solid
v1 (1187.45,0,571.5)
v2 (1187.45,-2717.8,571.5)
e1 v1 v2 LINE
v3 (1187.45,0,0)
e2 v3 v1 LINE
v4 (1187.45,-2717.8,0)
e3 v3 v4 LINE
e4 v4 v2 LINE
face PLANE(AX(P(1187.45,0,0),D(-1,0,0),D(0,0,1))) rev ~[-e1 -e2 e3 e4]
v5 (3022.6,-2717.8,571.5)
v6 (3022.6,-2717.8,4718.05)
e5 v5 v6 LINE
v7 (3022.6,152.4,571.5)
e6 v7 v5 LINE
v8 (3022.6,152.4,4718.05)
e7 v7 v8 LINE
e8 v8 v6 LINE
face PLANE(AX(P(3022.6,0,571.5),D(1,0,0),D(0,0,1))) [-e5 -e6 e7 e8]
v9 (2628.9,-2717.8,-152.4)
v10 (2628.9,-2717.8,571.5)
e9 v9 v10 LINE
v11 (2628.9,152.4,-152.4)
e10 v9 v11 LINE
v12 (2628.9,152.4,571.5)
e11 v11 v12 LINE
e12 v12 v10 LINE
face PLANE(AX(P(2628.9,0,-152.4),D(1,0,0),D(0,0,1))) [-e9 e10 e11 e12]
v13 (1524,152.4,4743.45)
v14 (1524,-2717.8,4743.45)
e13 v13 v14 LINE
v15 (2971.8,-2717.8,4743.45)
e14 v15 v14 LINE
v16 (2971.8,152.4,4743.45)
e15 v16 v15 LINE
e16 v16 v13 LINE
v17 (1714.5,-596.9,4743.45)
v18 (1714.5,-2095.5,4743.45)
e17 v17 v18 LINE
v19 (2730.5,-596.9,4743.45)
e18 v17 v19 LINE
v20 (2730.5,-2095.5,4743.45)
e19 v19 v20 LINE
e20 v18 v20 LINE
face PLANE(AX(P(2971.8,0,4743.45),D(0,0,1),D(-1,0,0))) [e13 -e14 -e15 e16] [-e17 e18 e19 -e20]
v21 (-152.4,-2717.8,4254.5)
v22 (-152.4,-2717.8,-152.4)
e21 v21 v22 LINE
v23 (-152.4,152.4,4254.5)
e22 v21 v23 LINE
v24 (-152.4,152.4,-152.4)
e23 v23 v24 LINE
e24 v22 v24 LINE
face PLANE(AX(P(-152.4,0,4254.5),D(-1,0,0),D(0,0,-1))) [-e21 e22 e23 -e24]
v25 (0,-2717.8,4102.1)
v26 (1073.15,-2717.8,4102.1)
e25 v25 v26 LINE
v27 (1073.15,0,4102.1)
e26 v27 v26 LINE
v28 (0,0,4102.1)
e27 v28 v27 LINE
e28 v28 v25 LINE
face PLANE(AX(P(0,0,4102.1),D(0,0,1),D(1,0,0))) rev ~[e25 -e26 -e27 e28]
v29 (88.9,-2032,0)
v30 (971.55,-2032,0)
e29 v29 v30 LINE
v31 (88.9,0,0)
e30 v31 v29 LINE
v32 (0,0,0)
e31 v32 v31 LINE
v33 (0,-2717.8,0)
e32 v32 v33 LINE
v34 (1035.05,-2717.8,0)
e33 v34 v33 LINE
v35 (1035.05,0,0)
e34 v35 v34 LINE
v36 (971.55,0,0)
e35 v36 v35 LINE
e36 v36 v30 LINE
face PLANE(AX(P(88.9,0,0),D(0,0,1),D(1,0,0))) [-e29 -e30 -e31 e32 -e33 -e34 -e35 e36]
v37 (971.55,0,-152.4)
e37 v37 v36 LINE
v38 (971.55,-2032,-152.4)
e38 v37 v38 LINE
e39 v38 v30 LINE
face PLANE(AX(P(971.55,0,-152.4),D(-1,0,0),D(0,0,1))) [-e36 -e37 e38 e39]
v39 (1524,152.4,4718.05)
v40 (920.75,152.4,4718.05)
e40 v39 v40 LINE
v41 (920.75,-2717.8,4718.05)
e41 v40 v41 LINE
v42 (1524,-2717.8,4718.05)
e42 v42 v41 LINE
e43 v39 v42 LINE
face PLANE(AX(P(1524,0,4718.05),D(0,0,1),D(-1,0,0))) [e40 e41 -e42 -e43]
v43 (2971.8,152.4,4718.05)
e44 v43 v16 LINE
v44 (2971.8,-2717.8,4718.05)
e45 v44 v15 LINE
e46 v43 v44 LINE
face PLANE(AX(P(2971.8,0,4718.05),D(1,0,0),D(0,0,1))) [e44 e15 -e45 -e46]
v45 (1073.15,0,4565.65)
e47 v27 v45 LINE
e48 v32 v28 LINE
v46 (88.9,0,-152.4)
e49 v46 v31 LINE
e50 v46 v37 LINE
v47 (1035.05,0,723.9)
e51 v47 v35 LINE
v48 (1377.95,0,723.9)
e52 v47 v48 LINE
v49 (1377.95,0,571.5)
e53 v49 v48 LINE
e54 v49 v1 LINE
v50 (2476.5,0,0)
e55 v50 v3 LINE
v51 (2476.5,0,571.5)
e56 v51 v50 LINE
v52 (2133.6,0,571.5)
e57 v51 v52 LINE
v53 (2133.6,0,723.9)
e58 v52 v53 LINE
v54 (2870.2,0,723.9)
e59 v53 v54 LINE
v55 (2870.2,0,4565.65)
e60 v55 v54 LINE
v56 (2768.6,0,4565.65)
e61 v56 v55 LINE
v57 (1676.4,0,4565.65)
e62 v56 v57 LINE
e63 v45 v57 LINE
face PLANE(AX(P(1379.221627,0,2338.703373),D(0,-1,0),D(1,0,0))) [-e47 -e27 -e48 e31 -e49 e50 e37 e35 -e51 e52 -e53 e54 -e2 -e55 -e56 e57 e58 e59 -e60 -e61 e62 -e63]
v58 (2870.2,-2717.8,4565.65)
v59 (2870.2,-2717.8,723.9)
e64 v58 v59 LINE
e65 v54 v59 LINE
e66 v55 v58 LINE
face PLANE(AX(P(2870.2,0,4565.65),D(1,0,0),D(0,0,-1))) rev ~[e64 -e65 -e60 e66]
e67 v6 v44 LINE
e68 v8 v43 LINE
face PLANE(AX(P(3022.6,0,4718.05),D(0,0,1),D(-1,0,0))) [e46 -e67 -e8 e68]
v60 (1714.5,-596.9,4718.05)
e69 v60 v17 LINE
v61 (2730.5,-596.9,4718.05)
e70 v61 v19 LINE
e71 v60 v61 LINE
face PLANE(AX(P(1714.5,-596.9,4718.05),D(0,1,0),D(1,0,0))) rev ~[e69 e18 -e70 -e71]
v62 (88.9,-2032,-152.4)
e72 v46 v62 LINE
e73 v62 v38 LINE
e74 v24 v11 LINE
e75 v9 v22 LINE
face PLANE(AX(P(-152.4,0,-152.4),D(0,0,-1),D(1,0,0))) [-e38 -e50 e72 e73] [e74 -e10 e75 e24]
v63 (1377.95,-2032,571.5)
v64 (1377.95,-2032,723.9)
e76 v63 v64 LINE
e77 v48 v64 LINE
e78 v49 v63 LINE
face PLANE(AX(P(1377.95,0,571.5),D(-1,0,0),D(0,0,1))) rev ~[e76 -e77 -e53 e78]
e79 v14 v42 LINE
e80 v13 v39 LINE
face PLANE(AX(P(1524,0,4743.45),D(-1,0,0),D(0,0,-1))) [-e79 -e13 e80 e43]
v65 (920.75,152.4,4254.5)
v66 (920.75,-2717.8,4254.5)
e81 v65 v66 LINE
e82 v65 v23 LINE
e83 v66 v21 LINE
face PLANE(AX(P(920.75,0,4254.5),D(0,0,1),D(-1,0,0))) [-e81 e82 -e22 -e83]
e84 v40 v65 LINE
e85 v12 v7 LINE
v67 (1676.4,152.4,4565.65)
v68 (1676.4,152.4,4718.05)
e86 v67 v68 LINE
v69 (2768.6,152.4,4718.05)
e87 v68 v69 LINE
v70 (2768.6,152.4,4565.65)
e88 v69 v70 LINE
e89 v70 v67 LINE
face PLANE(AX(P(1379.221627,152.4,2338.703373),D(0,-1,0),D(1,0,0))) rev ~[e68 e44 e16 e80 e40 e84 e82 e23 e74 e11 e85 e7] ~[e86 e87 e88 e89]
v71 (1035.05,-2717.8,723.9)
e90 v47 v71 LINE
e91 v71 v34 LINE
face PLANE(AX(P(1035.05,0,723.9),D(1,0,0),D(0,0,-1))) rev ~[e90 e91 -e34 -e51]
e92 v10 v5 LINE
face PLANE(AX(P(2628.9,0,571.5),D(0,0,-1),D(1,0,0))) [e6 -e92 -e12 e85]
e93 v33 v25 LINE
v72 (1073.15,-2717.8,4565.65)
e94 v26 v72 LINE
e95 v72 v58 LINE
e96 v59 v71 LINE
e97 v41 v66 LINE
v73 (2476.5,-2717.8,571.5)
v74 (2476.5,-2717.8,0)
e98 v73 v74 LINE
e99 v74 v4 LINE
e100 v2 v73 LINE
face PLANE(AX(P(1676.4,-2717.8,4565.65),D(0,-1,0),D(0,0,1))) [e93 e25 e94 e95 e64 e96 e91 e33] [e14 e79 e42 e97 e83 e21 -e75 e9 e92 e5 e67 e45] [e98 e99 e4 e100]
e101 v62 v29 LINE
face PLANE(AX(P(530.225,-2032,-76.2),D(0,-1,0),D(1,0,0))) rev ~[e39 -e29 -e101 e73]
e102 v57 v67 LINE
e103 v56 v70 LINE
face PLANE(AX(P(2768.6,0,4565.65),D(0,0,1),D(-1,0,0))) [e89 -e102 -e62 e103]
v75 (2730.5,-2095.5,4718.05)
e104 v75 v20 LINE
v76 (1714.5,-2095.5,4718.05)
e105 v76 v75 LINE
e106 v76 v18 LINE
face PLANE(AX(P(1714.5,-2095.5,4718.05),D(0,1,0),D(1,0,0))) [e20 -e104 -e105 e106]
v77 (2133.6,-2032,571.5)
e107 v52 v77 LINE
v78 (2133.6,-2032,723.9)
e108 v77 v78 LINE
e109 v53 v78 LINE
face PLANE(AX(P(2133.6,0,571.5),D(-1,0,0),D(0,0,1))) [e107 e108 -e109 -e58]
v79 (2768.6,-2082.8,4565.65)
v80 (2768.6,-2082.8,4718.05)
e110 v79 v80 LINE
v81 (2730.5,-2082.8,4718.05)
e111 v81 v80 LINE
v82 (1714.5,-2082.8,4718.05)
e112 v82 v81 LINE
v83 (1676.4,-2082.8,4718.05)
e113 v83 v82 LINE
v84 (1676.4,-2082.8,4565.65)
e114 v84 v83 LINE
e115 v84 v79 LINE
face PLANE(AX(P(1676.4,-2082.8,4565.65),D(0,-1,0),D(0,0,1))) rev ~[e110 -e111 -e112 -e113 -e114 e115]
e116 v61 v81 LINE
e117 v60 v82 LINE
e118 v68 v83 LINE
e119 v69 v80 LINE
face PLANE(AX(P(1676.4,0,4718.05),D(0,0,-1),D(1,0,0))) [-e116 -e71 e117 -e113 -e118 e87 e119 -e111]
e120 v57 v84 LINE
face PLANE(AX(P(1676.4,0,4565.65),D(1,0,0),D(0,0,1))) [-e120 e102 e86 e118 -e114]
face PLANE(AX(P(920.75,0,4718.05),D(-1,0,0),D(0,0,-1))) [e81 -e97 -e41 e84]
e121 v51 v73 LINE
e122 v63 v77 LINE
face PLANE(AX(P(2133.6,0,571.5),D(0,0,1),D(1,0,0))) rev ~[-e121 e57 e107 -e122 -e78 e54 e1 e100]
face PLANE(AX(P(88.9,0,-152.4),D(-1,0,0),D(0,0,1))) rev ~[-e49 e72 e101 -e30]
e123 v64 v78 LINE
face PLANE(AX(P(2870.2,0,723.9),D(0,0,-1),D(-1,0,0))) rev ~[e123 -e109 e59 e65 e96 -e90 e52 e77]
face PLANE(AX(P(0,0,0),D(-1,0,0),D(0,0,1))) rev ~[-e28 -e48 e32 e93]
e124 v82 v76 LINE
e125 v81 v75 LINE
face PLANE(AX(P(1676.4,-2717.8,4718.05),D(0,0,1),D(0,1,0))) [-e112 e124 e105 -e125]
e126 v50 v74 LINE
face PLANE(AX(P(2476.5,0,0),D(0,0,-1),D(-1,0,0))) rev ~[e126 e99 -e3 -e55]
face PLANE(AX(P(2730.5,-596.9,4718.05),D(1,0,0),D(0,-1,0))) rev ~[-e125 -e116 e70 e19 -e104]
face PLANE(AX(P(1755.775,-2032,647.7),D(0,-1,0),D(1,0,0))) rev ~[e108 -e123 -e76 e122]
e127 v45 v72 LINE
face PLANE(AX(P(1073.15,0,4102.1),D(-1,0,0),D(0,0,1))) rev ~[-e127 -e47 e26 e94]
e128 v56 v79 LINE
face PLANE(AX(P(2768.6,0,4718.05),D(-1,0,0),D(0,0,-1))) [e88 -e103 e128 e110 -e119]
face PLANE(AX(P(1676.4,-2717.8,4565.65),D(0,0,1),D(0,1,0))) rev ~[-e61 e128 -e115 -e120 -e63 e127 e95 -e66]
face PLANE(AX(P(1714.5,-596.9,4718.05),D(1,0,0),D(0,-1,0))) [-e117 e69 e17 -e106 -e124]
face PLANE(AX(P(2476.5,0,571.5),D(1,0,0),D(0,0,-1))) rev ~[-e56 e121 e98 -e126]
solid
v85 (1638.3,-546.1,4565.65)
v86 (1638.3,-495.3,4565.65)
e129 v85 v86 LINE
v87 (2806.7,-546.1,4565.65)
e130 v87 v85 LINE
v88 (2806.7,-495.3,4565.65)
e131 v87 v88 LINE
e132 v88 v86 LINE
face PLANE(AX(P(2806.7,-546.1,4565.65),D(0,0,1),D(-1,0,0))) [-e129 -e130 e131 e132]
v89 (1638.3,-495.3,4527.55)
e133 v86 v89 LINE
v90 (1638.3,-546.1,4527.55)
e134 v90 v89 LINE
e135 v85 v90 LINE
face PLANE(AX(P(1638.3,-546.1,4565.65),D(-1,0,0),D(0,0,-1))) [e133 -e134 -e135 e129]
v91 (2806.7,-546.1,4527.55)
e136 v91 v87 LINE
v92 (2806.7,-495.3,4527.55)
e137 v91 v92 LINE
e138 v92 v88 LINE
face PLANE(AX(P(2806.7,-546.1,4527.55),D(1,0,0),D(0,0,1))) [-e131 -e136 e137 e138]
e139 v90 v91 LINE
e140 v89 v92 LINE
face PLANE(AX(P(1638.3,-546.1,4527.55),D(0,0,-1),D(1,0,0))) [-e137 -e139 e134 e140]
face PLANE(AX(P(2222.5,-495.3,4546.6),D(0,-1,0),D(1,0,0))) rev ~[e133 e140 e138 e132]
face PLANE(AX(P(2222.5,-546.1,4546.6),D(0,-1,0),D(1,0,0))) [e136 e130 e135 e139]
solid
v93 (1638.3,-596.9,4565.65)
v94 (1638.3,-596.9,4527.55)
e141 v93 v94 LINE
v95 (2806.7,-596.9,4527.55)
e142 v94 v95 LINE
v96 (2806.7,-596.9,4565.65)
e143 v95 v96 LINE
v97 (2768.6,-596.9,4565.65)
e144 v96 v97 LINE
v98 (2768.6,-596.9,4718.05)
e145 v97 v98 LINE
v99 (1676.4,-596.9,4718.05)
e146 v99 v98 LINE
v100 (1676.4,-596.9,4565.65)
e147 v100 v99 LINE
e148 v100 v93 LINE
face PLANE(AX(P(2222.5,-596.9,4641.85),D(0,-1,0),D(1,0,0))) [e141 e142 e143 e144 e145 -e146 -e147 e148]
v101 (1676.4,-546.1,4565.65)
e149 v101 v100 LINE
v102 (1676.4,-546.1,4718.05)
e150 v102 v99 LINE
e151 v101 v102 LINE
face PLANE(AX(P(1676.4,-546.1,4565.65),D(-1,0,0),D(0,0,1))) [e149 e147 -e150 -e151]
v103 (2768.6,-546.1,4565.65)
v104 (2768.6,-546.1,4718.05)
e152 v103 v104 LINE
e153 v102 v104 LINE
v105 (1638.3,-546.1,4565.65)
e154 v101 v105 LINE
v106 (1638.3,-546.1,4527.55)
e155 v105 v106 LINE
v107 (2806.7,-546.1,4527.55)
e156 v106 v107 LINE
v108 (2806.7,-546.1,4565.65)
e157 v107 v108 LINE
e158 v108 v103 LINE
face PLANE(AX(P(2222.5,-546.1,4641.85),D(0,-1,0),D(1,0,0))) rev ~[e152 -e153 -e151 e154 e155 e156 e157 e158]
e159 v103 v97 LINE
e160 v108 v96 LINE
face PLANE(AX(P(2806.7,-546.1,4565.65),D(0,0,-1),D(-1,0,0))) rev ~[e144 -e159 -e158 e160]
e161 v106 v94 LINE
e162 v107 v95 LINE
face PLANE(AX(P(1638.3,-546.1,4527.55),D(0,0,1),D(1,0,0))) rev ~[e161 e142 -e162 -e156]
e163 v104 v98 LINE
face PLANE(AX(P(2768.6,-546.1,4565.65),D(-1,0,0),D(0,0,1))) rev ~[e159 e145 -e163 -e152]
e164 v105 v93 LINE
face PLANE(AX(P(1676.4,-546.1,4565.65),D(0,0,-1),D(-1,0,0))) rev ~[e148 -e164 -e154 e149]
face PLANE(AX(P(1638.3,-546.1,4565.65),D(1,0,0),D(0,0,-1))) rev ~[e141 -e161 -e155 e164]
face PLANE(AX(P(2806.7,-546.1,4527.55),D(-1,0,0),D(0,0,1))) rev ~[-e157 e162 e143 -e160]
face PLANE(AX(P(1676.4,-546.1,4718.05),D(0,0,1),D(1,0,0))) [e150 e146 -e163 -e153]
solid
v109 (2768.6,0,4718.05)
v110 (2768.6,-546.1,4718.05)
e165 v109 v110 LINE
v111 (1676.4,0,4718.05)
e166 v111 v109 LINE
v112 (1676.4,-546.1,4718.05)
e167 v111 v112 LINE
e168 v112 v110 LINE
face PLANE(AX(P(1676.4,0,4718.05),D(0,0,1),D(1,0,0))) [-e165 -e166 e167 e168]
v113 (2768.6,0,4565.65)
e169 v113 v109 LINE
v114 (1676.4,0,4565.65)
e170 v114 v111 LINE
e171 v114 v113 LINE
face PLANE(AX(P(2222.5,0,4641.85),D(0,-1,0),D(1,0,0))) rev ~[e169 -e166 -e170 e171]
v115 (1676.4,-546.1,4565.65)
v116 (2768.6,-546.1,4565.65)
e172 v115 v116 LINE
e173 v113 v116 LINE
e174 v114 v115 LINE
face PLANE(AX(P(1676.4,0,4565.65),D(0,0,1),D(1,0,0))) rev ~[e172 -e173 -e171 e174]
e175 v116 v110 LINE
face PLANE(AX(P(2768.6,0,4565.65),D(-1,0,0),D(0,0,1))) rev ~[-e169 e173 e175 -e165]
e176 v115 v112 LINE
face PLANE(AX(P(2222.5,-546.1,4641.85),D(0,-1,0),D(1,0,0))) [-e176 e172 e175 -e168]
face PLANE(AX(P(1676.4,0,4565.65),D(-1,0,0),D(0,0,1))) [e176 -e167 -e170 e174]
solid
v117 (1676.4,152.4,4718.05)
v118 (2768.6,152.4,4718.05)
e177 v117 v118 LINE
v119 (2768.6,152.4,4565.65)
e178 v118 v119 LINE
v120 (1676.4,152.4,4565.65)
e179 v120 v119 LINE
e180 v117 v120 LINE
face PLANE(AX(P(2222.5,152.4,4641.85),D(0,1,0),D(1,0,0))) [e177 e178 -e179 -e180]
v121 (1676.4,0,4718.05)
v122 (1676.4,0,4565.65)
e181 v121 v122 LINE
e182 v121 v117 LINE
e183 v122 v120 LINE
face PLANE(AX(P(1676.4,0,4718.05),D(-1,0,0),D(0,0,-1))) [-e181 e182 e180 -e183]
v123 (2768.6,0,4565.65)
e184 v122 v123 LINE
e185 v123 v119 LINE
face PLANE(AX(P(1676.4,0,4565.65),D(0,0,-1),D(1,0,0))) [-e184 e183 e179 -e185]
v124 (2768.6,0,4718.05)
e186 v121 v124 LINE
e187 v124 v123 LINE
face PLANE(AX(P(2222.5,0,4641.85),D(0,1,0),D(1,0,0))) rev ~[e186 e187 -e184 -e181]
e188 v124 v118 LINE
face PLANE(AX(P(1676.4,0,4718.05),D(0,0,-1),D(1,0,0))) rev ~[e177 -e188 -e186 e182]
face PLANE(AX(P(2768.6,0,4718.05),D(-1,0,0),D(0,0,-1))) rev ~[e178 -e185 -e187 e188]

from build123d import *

# Parameters (mm, degrees)
F0_W      = 38.1
F0_H      = 152.4
F1_DEPTH  = 2717.8
F0_W_2    = 882.65
F0_W_3    = 755.65
F2_DEPTH  = 2717.8
F3_DEPTH  = 2032
F4_DEPTH  = 152.4
F0_W_4    = 1092.2
F5_DEPTH  = 546.1
F5_FACE_W = 1092.2
F5_FACE_H = 152.4
F6_DEPTH  = 152.4
F7_W      = 1016
F7_H      = 1498.6
F8_DEPTH  = 25.4
F9_W      = 1092.2
F9_H      = 152.4
F10_DEPTH = 50.8
F11_DEPTH = 50.8
F12_W     = 635
F12_H     = 152.4
F13_DEPTH = 1092.2


with BuildPart() as f1:
    # F0 (on Front) → F1 (new body)
    with BuildSketch(Plane.XZ):
        Polygon((88.9, 0), (0, 0), (0, 4102.1), (1073.15, 4102.1), (1073.15, 4565.65), (1676.4, 4565.65), (1676.4, 4718.05), (2768.6, 4718.05), (2768.6, 4565.65), (2870.2, 4565.65), (2870.2, 723.9), (2133.6, 723.9), (2133.6, 571.5), (2476.5, 571.5), (2476.5, 0), (1187.45, 0), (1187.45, 571.5), (1339.85, 571.5), (1339.85, 723.9), (1035.05, 723.9), (1035.05, 0), (971.55, 0), (971.55, -152.4), (2628.9, -152.4), (2628.9, 571.5), (3022.6, 571.5), (3022.6, 4718.05), (2971.8, 4718.05), (2971.8, 4743.45), (1524, 4743.45), (1524, 4718.05), (920.75, 4718.05), (920.75, 4254.5), (-152.4, 4254.5), (-152.4, -152.4), (88.9, -152.4), align=None)
        with Locations((1358.9, 647.7)):
            Rectangle(F0_W, F0_H)
    extrude(amount=F1_DEPTH)

    # F0 (on Front) → F2 (join)
    with BuildSketch(Plane.XZ):
        with Locations((530.225, -76.2)):
            Rectangle(F0_W_2, F0_H)
        with Locations((1755.775, 647.7)):
            Rectangle(F0_W_3, F0_H)
    extrude(amount=F2_DEPTH)

    # F0 (on Front) → F3 (cut)
    with BuildSketch(Plane.XZ):
        with Locations((1755.775, 647.7)):
            Rectangle(F0_W_3, F0_H)
        with Locations((530.225, -76.2)):
            Rectangle(F0_W_2, F0_H)
    extrude(amount=F3_DEPTH, mode=Mode.SUBTRACT)

    # F0 (on Front) → F4 (join)
    with BuildSketch(Plane.XZ):
        Polygon((0, 4102.1), (0, 0), (88.9, 0), (971.55, 0), (1035.05, 0), (1035.05, 723.9), (1339.85, 723.9), (1377.95, 723.9), (2133.6, 723.9), (2870.2, 723.9), (2870.2, 4565.65), (2768.6, 4565.65), (1676.4, 4565.65), (1073.15, 4565.65), (1073.15, 4102.1), align=None)
        Polygon((88.9, 0), (0, 0), (0, 4102.1), (1073.15, 4102.1), (1073.15, 4565.65), (1676.4, 4565.65), (1676.4, 4718.05), (2768.6, 4718.05), (2768.6, 4565.65), (2870.2, 4565.65), (2870.2, 723.9), (2133.6, 723.9), (2133.6, 571.5), (2476.5, 571.5), (2476.5, 0), (1187.45, 0), (1187.45, 571.5), (1339.85, 571.5), (1339.85, 723.9), (1035.05, 723.9), (1035.05, 0), (971.55, 0), (971.55, -152.4), (2628.9, -152.4), (2628.9, 571.5), (3022.6, 571.5), (3022.6, 4718.05), (2971.8, 4718.05), (2971.8, 4743.45), (1524, 4743.45), (1524, 4718.05), (920.75, 4718.05), (920.75, 4254.5), (-152.4, 4254.5), (-152.4, -152.4), (88.9, -152.4), align=None)
        Polygon((1377.95, 571.5), (1339.85, 571.5), (1187.45, 571.5), (1187.45, 0), (2476.5, 0), (2476.5, 571.5), (2133.6, 571.5), align=None)
        with Locations((1755.775, 647.7)):
            Rectangle(F0_W_3, F0_H)
        with Locations((1358.9, 647.7)):
            Rectangle(F0_W, F0_H)
        with Locations((530.225, -76.2)):
            Rectangle(F0_W_2, F0_H)
    extrude(amount=-F4_DEPTH)

    # F7 (on face) → F8 (cut, through all)
    with BuildSketch(Plane(origin=(0, 0, 4718.05), x_dir=(1, 0, 0), z_dir=(0, 0, -1))):
        with Locations((2222.5, 1346.2)):
            Rectangle(F7_W, F7_H)
    extrude(amount=-F8_DEPTH, mode=Mode.SUBTRACT)

    # F12 (on face) → F13 (join)
    with BuildSketch(Plane.YZ.offset(1676.4)):
        with Locations((-2400.3, 4641.85)):
            Rectangle(F12_W, F12_H)
    extrude(amount=F13_DEPTH)


with BuildPart() as f5:
    # F0 (on Front) → F5 (new body)
    with BuildSketch(Plane.XZ):
        with Locations((2222.5, 4641.85)):
            Rectangle(F0_W_4, F0_H)
    extrude(amount=F5_DEPTH)


with BuildPart() as f6:
    # F5_face (on face) → F6 (new body)
    with BuildSketch(Plane(origin=(2222.5, 0, 4641.85), x_dir=(1, 0, 0), z_dir=(0, 1, 0))):
        Rectangle(F5_FACE_W, F5_FACE_H)
    extrude(amount=F6_DEPTH)


with BuildPart() as f10:
    # F9 (on face) → F10 (new body)
    with BuildSketch(Plane.XZ.offset(546.1)):
        with Locations((2222.5, 4641.85)):
            Rectangle(F9_W, F9_H)
        Polygon((2806.7, 4565.65), (2768.6, 4565.65), (1676.4, 4565.65), (1638.3, 4565.65), (1638.3, 4527.55), (2806.7, 4527.55), align=None)
    extrude(amount=F10_DEPTH)


with BuildPart() as f11:
    # F9 (on face) → F11 (new body)
    with BuildSketch(Plane.XZ.offset(546.1)):
        Polygon((2806.7, 4565.65), (2768.6, 4565.65), (1676.4, 4565.65), (1638.3, 4565.65), (1638.3, 4527.55), (2806.7, 4527.55), align=None)
    extrude(amount=-F11_DEPTH)


solid = Compound([f1.part, f5.part, f6.part, f10.part, f11.part])
